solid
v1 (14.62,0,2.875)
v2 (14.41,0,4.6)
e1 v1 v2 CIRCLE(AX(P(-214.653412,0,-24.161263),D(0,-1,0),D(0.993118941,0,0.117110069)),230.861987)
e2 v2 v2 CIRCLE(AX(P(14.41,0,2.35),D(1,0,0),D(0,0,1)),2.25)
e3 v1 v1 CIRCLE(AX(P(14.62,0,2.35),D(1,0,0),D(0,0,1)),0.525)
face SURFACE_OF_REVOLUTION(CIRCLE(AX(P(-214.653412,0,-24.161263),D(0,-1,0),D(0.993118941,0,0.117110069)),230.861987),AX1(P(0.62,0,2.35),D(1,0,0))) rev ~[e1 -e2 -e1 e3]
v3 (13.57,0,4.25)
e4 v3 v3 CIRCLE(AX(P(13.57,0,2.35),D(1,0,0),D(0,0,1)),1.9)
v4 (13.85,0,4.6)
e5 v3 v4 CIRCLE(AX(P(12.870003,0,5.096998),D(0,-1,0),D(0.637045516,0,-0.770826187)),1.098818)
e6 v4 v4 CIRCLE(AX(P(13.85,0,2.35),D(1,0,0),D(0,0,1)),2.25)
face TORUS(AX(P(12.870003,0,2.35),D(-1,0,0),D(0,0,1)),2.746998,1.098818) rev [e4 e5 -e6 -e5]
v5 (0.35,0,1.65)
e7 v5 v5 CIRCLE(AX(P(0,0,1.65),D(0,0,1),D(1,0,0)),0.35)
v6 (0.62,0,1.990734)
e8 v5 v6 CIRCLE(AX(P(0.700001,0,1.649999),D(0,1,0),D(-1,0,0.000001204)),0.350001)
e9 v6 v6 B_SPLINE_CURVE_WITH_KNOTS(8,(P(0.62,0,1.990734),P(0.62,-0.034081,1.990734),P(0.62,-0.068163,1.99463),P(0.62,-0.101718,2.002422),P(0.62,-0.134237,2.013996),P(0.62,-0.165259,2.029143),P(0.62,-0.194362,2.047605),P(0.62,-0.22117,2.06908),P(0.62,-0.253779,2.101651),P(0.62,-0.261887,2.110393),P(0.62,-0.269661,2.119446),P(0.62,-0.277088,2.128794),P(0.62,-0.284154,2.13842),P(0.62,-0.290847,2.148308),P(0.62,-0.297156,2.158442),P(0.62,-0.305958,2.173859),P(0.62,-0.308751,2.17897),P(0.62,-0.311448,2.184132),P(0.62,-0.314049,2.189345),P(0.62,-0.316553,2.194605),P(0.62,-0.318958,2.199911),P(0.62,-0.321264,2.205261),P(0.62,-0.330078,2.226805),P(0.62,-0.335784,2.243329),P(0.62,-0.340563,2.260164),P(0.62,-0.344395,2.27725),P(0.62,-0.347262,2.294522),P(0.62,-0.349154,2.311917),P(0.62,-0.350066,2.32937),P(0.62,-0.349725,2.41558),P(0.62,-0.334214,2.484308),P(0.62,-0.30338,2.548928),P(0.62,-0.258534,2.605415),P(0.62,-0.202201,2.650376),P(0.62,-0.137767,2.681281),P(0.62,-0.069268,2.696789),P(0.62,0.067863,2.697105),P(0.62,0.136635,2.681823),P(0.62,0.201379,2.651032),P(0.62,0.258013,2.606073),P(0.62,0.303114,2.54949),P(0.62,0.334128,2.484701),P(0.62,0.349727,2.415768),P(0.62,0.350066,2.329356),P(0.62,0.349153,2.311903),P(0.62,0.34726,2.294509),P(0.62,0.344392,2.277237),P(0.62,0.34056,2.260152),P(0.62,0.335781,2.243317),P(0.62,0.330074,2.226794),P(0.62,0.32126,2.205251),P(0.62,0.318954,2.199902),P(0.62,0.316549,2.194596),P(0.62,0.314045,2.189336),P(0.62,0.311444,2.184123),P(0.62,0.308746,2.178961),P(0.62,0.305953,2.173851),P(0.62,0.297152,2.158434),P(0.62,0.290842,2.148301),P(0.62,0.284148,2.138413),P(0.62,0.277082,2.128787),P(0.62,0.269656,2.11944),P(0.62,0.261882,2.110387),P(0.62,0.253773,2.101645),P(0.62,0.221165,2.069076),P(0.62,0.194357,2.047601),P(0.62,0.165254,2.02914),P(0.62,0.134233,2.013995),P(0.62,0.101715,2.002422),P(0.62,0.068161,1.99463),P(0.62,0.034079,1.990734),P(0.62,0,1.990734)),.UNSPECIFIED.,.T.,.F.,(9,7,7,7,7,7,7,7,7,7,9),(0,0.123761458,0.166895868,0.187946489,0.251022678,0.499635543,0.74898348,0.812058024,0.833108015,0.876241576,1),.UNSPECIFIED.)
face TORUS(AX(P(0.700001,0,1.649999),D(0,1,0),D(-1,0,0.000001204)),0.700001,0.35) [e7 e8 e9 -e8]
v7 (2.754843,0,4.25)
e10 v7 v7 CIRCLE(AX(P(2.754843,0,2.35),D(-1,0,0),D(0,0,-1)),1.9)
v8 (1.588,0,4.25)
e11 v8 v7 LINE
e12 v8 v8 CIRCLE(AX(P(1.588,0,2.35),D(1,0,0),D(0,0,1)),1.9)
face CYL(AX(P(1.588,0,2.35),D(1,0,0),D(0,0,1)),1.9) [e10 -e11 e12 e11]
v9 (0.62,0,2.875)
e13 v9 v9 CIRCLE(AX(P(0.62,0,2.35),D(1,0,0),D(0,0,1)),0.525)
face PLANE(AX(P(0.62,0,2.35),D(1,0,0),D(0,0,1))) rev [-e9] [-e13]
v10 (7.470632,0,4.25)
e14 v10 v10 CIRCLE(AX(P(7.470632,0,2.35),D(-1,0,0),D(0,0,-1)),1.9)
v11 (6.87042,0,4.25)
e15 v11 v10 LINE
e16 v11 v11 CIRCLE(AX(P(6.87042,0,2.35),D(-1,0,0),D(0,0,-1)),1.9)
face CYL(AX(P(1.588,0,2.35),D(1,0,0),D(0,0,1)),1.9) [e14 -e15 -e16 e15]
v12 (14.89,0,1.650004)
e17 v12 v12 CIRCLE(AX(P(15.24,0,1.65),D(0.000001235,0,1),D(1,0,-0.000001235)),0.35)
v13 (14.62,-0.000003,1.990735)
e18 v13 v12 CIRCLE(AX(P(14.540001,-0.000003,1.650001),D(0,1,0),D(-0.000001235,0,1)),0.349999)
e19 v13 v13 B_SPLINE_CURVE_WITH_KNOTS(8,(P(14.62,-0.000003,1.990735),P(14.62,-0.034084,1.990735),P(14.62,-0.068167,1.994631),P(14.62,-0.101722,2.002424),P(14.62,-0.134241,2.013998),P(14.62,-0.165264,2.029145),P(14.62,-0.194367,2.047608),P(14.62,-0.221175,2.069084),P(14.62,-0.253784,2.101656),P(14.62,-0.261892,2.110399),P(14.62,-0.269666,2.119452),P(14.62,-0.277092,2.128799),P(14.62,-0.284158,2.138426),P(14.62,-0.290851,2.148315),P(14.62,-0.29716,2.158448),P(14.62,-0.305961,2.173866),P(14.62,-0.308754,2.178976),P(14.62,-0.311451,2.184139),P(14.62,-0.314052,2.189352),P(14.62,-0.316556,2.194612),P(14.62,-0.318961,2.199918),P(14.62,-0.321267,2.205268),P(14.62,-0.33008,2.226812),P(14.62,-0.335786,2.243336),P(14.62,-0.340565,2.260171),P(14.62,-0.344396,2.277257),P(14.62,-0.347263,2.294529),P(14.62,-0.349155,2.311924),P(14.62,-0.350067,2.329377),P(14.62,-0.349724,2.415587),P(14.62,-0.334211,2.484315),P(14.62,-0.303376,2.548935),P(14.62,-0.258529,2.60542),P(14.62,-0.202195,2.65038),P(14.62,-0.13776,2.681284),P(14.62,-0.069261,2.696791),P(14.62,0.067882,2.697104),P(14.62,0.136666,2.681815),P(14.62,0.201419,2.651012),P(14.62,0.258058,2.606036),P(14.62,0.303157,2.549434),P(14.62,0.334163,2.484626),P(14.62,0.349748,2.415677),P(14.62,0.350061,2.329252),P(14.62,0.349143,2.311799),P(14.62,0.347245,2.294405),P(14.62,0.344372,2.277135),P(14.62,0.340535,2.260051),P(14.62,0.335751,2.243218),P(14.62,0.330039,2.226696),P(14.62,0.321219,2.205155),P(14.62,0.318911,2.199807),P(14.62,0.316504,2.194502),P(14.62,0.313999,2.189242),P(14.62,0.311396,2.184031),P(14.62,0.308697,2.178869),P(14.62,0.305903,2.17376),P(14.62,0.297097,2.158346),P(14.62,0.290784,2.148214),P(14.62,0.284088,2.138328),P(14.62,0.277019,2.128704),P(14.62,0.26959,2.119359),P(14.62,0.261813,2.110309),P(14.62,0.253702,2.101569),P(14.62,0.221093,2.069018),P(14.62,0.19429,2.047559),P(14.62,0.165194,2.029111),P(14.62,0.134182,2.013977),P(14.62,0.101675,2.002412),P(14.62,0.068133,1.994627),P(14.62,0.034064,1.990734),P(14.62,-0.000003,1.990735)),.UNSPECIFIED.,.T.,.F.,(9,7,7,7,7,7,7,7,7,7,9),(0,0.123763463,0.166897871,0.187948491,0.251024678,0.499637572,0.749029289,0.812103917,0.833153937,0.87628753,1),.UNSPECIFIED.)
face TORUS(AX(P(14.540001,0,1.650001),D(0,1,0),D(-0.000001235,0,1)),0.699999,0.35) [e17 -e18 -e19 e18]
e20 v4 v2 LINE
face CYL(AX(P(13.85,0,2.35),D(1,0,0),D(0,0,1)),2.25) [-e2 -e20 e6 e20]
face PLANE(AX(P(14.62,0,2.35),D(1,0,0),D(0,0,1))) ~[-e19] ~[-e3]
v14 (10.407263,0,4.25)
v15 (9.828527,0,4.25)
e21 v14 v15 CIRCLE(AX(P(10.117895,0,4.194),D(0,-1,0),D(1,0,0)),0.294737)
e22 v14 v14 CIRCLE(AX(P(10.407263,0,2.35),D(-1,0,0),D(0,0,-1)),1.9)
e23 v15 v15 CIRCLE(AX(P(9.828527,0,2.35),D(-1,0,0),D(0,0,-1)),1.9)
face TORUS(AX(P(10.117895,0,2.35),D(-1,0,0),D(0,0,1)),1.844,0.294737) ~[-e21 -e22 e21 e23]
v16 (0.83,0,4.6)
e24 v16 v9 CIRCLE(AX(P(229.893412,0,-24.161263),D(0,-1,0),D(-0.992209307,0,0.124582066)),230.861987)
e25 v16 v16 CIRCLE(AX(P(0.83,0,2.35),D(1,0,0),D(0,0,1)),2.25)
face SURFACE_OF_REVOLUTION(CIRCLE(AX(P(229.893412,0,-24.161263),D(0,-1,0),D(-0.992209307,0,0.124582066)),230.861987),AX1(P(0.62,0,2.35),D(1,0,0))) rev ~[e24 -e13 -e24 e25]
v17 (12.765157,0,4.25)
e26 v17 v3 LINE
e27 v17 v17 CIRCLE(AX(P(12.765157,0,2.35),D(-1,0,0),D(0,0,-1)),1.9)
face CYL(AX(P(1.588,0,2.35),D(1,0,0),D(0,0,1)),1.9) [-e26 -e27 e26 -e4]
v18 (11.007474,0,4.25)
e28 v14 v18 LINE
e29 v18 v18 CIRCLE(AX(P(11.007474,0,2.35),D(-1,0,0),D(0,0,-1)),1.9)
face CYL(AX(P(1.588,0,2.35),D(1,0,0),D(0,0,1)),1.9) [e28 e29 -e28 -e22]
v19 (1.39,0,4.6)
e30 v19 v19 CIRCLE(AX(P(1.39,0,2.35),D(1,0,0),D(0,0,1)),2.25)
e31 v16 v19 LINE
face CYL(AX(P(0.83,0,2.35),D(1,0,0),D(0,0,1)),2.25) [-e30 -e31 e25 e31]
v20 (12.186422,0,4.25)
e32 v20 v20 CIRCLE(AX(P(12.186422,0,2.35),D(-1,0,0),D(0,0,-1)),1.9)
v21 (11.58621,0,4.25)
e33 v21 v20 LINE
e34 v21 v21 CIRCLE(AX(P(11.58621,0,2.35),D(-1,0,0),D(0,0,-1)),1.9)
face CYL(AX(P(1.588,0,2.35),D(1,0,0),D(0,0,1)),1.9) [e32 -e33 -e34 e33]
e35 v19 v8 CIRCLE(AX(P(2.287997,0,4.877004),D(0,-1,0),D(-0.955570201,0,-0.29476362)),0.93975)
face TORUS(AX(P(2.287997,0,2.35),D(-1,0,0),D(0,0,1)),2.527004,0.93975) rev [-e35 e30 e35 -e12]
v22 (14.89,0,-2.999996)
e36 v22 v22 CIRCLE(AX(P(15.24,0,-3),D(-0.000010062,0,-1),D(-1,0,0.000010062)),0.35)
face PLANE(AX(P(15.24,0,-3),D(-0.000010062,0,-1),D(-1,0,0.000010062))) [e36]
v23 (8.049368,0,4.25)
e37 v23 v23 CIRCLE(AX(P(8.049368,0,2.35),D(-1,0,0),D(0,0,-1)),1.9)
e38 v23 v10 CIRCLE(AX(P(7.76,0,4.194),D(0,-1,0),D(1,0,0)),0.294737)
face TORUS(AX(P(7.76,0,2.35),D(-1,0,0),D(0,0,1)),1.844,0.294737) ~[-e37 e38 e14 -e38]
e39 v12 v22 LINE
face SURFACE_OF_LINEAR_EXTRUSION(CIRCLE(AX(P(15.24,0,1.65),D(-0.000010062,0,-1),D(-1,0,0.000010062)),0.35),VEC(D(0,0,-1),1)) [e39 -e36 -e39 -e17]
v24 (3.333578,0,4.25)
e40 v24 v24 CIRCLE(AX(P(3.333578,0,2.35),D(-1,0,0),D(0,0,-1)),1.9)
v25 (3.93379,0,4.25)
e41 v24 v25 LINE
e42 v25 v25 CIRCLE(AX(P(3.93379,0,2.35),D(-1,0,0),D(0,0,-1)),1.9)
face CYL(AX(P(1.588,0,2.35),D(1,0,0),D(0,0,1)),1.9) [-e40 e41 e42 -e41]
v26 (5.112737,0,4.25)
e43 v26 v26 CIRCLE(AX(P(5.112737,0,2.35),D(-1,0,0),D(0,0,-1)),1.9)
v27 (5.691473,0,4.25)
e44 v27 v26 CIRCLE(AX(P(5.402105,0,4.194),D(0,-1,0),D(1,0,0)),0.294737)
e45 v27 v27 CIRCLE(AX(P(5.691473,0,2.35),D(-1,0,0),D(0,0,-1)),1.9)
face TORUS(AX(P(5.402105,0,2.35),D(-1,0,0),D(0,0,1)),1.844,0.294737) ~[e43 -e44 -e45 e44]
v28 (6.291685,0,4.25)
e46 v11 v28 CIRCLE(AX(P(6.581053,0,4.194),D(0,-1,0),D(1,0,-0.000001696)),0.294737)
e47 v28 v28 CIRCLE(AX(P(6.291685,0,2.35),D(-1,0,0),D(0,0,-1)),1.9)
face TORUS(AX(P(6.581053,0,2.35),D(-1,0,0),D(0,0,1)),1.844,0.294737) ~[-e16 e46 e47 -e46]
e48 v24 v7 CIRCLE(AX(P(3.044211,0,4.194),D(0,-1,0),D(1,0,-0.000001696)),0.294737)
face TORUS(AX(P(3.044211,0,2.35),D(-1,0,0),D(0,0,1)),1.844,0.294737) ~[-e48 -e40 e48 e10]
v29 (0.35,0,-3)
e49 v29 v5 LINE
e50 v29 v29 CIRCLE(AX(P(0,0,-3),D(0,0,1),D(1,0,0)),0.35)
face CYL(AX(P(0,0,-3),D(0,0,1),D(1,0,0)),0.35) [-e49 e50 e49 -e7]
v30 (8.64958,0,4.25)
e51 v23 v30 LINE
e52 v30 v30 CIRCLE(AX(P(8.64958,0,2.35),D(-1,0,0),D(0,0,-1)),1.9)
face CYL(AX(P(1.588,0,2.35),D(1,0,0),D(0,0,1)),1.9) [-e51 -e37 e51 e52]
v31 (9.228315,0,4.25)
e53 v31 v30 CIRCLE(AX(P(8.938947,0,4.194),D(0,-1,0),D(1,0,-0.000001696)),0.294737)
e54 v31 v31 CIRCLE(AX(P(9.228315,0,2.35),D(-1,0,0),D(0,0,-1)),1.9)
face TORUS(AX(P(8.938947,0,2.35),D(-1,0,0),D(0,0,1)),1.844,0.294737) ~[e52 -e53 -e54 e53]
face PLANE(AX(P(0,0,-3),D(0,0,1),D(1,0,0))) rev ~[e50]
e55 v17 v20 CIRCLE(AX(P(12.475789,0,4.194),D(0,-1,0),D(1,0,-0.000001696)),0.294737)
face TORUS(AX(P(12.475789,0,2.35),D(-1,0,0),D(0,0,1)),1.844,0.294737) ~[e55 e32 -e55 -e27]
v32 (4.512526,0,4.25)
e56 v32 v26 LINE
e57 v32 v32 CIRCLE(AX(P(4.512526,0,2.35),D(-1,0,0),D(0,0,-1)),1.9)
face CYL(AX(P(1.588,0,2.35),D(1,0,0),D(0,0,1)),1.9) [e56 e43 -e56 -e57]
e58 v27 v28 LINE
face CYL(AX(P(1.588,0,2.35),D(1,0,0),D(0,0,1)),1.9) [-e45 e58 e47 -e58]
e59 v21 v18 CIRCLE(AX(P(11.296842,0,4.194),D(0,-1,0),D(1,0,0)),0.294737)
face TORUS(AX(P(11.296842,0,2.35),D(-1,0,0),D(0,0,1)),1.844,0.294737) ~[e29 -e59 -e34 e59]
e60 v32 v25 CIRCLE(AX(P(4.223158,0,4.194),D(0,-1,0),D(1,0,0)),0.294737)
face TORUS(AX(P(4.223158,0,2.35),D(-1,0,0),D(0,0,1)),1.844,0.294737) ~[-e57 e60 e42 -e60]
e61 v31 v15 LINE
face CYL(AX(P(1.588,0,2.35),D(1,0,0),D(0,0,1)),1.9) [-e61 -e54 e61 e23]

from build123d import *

# Parameters (mm, degrees)
SKETCH_R = 0.35


with BuildPart() as sweep_body:
    # Sweep: sweep along a path in Sketch001
    with BuildLine(Plane.XZ) as sweep_path:
        Line((0, -3), (0, 1.65))
        ThreePointArc((0, 1.65), (0.205028, 2.144977), (0.700007, 2.35))
        Line((0.700007, 2.35), (14.54, 2.35))
        ThreePointArc((14.54, 2.35), (15.034975, 2.144975), (15.24, 1.65))
        Line((15.24, 1.65), (15.24, -3))
    # Sketch → Sweep (sweep)
    with BuildSketch(Plane.XY.offset(-2)):
        Circle(SKETCH_R)
    sweep(path=sweep_path.line)


with BuildPart() as revolution001:
    # Sketch003 → Revolution001 (revolve)
    with BuildSketch(Plane.XZ):
        with BuildLine():
            ThreePointArc((3.338947, 4.194), (3.044211, 4.488737), (2.749474, 4.194))
            Line((2.16, 4.194), (2.749474, 4.194))
            Line((2.16, 4.194), (2.16, 3.744))
            Line((2.16, 3.744), (13.36, 3.744))
            Line((13.36, 3.744), (13.36, 4.194))
            Line((12.770526, 4.194), (13.36, 4.194))
            ThreePointArc((12.770526, 4.194), (12.475789, 4.488737), (12.181053, 4.194))
            Line((11.591579, 4.194), (12.181053, 4.194))
            ThreePointArc((11.591579, 4.194), (11.296842, 4.488737), (11.002105, 4.194))
            Line((10.412632, 4.194), (11.002105, 4.194))
            ThreePointArc((10.412632, 4.194), (10.117895, 4.488737), (9.823158, 4.194))
            Line((9.233684, 4.194), (9.823158, 4.194))
            ThreePointArc((9.233684, 4.194), (8.938947, 4.488737), (8.644211, 4.194))
            Line((8.054737, 4.194), (8.644211, 4.194))
            ThreePointArc((8.054737, 4.194), (7.76, 4.488737), (7.465263, 4.194))
            Line((6.875789, 4.194), (7.465263, 4.194))
            ThreePointArc((6.875789, 4.194), (6.581053, 4.488737), (6.286316, 4.194))
            Line((5.696842, 4.194), (6.286316, 4.194))
            ThreePointArc((5.696842, 4.194), (5.402105, 4.488737), (5.107368, 4.194))
            Line((4.517895, 4.194), (5.107368, 4.194))
            ThreePointArc((4.517895, 4.194), (4.223158, 4.488737), (3.928421, 4.194))
            Line((3.338947, 4.194), (3.928421, 4.194))
        make_face()
    revolve(axis=Axis((0.97, 0, 2.35), (1, 0, 0)))


with BuildPart() as revolution_mp_cp:
    # Sketch002 → Revolution (revolve)
    with BuildSketch(Plane.XZ):
        with BuildLine():
            Line((0.83, 4.6), (1.39, 4.6))
            ThreePointArc((1.39, 4.6), (1.47006, 4.414285), (1.588, 4.25))
            Line((1.588, 4.25), (13.57, 4.25))
            ThreePointArc((13.57, 4.25), (13.728036, 4.410572), (13.85, 4.6))
            Line((13.85, 4.6), (14.41, 4.6))
            ThreePointArc((14.62, 2.875), (14.516623, 3.737698), (14.41, 4.6))
            Line((14.62, 2.35), (14.62, 2.875))
            Line((0.62, 2.35), (14.62, 2.35))
            Line((0.62, 2.35), (0.62, 2.875))
            ThreePointArc((0.83, 4.6), (0.723377, 3.737698), (0.62, 2.875))
        make_face()
    revolve(axis=Axis((0.62, 0, 2.35), (1, 0, 0)))

    # Revolution_mp_cp: union Sweep body, Revolution001
    add(sweep_body.part)
    add(revolution001.part)


solid = revolution_mp_cp.part
